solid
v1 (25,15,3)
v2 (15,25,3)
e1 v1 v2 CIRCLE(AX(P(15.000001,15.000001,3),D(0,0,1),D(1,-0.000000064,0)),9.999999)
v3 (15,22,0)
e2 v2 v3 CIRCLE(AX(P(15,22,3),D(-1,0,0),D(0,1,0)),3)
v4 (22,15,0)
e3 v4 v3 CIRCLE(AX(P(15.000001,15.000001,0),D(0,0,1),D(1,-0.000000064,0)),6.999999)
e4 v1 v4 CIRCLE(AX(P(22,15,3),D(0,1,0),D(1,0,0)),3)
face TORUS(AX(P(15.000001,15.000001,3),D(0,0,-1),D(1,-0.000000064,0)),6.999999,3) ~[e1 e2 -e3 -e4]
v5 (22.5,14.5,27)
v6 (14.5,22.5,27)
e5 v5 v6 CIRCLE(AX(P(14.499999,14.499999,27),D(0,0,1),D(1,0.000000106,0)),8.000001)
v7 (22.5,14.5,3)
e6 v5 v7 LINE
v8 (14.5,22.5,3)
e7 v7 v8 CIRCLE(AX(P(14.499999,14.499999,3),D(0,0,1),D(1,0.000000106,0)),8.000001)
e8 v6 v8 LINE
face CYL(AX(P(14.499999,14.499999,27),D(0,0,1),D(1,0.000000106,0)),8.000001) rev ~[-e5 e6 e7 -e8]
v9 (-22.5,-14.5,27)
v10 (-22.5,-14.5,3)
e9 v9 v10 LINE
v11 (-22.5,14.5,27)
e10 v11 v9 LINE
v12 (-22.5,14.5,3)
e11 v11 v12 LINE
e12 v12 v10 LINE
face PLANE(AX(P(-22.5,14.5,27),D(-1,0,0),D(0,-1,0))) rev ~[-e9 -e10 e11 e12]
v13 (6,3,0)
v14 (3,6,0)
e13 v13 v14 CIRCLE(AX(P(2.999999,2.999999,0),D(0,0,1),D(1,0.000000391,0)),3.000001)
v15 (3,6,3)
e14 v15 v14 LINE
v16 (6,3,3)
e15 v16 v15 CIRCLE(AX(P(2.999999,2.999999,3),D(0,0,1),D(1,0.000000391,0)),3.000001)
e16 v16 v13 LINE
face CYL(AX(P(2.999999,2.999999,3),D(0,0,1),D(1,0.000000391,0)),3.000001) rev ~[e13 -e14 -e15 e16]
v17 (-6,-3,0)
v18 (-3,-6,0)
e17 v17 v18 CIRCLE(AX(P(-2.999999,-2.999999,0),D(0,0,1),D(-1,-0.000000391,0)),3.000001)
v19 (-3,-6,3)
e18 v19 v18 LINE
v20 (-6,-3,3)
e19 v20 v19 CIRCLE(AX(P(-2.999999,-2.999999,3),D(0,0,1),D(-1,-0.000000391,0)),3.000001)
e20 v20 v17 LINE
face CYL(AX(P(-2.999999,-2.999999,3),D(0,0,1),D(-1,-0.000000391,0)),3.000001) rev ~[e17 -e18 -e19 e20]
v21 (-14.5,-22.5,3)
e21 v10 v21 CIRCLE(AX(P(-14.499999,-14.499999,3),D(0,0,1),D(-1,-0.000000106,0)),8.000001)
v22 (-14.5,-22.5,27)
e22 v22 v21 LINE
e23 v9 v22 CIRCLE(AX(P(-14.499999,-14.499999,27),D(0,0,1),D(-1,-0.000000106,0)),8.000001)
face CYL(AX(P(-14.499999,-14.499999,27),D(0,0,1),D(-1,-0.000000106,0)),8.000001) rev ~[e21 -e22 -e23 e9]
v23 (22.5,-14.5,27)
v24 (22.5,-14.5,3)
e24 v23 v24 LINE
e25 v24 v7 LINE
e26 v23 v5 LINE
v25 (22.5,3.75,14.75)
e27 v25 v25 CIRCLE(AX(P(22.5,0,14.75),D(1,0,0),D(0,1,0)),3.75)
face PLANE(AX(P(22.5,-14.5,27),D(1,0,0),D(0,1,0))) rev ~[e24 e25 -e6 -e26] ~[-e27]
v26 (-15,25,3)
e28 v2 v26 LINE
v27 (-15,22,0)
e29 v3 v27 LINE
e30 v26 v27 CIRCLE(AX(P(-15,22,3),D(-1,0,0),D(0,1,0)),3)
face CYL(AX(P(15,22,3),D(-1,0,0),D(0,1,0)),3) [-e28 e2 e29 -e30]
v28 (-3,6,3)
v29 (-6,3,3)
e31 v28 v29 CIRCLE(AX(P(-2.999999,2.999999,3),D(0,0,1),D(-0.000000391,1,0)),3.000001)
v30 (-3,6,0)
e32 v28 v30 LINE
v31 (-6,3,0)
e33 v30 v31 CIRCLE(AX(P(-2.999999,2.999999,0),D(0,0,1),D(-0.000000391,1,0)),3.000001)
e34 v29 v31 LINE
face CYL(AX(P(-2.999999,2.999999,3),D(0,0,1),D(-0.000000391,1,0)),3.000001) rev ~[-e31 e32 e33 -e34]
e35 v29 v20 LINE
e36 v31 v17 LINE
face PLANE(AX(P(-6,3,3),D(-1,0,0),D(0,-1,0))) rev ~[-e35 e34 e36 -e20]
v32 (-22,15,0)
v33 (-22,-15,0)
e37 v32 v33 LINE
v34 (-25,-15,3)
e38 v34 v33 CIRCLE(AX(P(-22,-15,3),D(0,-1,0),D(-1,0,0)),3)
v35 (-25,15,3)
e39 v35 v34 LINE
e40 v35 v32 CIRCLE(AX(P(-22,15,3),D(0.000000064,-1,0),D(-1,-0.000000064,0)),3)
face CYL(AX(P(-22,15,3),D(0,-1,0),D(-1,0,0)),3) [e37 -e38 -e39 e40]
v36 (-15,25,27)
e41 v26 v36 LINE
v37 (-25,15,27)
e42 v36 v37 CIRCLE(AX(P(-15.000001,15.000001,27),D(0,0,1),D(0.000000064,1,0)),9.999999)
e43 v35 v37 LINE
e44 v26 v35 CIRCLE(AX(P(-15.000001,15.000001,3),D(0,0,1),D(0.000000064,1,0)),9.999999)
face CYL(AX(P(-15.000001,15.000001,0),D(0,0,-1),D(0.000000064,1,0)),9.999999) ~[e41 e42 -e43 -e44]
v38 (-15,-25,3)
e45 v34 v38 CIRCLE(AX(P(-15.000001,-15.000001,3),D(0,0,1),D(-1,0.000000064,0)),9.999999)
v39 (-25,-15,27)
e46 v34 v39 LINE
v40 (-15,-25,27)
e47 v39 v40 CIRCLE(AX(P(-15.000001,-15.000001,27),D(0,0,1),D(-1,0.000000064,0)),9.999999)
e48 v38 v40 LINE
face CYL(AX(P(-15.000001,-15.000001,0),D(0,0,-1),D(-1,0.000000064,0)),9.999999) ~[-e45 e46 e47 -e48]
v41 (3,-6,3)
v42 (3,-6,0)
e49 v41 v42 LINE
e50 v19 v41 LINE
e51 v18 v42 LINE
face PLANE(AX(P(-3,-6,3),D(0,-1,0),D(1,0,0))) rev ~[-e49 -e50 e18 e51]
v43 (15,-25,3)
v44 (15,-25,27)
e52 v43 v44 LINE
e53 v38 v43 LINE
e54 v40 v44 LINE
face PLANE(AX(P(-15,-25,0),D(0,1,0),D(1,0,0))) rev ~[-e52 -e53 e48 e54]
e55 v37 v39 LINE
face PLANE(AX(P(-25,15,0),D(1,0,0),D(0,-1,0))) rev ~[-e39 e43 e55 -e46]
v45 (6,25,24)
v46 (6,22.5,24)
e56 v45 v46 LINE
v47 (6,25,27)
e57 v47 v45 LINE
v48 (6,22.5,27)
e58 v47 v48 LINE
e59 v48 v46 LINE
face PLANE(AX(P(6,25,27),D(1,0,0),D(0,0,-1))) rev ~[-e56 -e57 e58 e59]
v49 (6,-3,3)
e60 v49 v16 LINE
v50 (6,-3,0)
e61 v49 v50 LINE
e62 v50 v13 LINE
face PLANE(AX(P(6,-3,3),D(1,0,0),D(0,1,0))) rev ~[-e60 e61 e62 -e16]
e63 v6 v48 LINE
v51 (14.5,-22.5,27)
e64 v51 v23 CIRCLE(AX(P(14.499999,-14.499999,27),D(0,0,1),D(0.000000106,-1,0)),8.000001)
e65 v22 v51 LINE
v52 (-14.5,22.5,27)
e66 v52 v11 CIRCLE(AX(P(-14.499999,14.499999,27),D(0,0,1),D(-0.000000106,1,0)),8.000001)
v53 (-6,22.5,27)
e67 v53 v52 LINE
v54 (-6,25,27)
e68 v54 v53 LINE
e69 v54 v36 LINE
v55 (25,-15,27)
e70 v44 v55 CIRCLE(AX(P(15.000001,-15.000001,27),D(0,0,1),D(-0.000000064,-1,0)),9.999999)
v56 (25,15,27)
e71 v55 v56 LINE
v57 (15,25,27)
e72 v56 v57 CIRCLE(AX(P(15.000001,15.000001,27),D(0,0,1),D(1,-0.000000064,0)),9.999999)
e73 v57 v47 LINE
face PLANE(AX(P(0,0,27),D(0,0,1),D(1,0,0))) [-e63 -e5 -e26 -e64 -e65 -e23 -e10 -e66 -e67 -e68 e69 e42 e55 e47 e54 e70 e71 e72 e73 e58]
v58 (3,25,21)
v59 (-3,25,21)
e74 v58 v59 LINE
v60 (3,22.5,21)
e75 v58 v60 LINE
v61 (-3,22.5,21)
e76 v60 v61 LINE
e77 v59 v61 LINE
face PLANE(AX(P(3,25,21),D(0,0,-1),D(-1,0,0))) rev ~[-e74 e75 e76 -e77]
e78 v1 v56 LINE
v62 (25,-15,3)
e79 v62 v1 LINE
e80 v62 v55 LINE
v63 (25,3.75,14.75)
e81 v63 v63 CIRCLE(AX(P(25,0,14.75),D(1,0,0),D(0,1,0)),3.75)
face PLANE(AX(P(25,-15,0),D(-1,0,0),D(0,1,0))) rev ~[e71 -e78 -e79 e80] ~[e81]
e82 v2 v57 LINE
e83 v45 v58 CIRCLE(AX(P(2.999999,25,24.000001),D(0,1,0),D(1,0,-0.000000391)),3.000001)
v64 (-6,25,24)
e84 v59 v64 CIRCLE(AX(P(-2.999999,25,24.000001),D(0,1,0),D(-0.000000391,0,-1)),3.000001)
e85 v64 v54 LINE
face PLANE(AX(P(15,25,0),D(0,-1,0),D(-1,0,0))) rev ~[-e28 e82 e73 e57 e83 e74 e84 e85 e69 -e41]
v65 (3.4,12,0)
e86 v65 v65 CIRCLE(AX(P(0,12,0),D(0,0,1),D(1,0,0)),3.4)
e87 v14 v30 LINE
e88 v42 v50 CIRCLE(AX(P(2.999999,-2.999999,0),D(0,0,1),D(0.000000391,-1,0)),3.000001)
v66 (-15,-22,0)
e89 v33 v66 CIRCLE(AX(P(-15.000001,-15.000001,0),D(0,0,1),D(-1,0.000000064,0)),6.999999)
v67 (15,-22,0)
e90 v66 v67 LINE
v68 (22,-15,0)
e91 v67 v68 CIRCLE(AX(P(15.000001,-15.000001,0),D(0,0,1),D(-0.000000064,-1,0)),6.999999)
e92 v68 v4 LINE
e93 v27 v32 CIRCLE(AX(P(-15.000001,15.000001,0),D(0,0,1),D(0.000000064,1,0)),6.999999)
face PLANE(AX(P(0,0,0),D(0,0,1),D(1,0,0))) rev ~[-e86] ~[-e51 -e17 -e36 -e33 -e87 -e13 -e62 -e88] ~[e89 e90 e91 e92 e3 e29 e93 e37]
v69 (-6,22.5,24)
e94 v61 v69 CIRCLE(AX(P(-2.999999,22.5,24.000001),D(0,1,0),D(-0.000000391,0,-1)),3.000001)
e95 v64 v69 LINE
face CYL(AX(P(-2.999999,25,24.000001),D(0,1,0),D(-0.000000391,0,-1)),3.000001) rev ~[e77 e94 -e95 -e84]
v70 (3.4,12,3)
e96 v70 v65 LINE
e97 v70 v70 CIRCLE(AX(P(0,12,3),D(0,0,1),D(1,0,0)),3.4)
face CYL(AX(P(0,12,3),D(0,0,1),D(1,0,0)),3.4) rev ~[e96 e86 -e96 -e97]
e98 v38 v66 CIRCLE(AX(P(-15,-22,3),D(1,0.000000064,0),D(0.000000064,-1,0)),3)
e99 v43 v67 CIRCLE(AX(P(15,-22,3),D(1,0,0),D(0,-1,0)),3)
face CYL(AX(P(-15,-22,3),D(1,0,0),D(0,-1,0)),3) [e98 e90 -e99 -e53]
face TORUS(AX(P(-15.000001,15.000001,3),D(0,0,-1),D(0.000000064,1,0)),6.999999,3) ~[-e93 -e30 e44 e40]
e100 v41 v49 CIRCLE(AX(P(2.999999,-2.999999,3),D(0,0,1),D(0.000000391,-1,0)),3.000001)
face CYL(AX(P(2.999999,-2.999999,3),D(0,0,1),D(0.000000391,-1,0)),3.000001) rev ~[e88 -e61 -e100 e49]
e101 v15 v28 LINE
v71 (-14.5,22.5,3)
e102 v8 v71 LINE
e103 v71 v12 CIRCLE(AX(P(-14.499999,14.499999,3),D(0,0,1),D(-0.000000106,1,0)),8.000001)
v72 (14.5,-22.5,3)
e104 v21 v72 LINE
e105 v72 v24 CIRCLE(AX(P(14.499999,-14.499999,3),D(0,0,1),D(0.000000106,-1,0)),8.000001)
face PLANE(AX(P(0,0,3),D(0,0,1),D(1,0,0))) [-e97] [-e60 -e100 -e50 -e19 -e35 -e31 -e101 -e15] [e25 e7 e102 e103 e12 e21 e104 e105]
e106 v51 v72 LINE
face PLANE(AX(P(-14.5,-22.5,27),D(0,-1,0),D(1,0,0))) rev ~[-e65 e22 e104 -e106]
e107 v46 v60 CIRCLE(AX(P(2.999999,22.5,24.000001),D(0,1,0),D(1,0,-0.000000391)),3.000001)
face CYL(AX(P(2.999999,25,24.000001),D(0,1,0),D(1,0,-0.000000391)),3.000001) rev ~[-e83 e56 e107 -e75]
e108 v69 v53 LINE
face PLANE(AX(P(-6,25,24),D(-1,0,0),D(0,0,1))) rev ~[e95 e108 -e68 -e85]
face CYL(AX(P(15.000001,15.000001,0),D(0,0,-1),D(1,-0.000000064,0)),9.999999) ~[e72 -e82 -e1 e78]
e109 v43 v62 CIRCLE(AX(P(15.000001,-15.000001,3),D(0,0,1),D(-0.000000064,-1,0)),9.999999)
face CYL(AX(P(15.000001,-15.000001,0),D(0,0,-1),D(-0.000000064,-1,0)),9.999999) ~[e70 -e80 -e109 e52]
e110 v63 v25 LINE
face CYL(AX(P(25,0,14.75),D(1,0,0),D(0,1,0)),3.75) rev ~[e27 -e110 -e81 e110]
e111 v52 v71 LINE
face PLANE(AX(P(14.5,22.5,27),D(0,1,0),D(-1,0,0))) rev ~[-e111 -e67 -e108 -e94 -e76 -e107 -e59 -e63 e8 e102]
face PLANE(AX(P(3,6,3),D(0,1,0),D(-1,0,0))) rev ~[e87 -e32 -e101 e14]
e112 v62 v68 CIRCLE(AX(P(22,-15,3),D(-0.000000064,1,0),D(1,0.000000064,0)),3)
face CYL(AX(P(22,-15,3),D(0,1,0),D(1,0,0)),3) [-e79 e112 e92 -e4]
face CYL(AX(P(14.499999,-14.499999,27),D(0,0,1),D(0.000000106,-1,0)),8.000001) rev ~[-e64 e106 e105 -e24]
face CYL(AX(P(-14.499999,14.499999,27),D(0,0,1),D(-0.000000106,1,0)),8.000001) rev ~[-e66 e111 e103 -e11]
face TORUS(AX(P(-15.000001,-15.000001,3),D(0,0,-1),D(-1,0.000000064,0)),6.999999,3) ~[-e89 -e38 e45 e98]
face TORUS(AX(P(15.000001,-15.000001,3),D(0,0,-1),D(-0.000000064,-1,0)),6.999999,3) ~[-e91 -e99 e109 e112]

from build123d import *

# Parameters (mm, degrees)
F1_DEPTH  = 27
F3_DEPTH  = 24
F5_DEPTH  = 3
F4_R      = 3.4
F6_DEPTH  = 3
F8_DEPTH  = 3
F9_R      = 3
F10_R     = 3.75
F11_DEPTH = 3


with BuildPart() as f1:
    # F0 (on Top) → F1 (new body)
    with BuildSketch(Plane.XY):
        with BuildLine():
            ThreePointArc((25, 15), (22.071068, 22.071068), (15, 25))
            Line((15, 25), (-15, 25))
            ThreePointArc((-15, 25), (-22.071068, 22.071068), (-25, 15))
            Line((-25, 15), (-25, -15))
            ThreePointArc((-25, -15), (-22.071068, -22.071068), (-15, -25))
            Line((-15, -25), (15, -25))
            ThreePointArc((15, -25), (22.071068, -22.071068), (25, -15))
            Line((25, -15), (25, 15))
        make_face()
    extrude(amount=F1_DEPTH)

    # F2 (on face) → F3 (cut)
    with BuildSketch(Plane.XY.offset(27)):
        with BuildLine():
            ThreePointArc((22.5, 14.5), (20.156854, 20.156854), (14.5, 22.5))
            Line((14.5, 22.5), (-14.5, 22.5))
            ThreePointArc((-14.5, 22.5), (-20.156854, 20.156854), (-22.5, 14.5))
            Line((-22.5, 14.5), (-22.5, -14.5))
            ThreePointArc((-22.5, -14.5), (-20.156854, -20.156854), (-14.5, -22.5))
            Line((-14.5, -22.5), (14.5, -22.5))
            ThreePointArc((14.5, -22.5), (20.156854, -20.156854), (22.5, -14.5))
            Line((22.5, -14.5), (22.5, 14.5))
        make_face()
    extrude(amount=-F3_DEPTH, mode=Mode.SUBTRACT)

    # F4 (on face) → F5 (cut)
    with BuildSketch(Plane.XY.offset(3)):
        with BuildLine():
            ThreePointArc((6, 3), (5.12132, 5.12132), (3, 6))
            Line((3, 6), (-3, 6))
            ThreePointArc((-3, 6), (-5.12132, 5.12132), (-6, 3))
            Line((-6, 3), (-6, -3))
            ThreePointArc((-6, -3), (-5.12132, -5.12132), (-3, -6))
            Line((-3, -6), (3, -6))
            ThreePointArc((3, -6), (5.12132, -5.12132), (6, -3))
            Line((6, -3), (6, 3))
        make_face()
    extrude(amount=-F5_DEPTH, mode=Mode.SUBTRACT)

    # F4 (on face) → F6 (cut)
    with BuildSketch(Plane.XY.offset(3)):
        with BuildLine():
            ThreePointArc((6, 3), (5.12132, 5.12132), (3, 6))
            Line((3, 6), (-3, 6))
            ThreePointArc((-3, 6), (-5.12132, 5.12132), (-6, 3))
            Line((-6, 3), (-6, -3))
            ThreePointArc((-6, -3), (-5.12132, -5.12132), (-3, -6))
            Line((-3, -6), (3, -6))
            ThreePointArc((3, -6), (5.12132, -5.12132), (6, -3))
            Line((6, -3), (6, 3))
        make_face()
        with Locations((0, 12)):
            Circle(F4_R)
    extrude(amount=-F6_DEPTH, mode=Mode.SUBTRACT)

    # F7 (on face) → F8 (cut)
    with BuildSketch(Plane(origin=(0, 25, 0), x_dir=(-1, 0, 0), z_dir=(0, 1, 0))):
        with BuildLine():
            Line((-3, 21), (3, 21))
            ThreePointArc((3, 21), (5.12132, 21.87868), (6, 24))
            Line((6, 24), (6, 27))
            Line((6, 27), (-6, 27))
            Line((-6, 27), (-6, 24))
            ThreePointArc((-6, 24), (-5.12132, 21.87868), (-3, 21))
        make_face()
    extrude(amount=-F8_DEPTH, mode=Mode.SUBTRACT)

    # F9
    f9_edges = [f1.edges().sort_by_distance(p)[0] for p in [
        (0, 25, 0),
    ]]
    fillet(f9_edges, radius=F9_R)

    # F10 (on face) → F11 (cut)
    with BuildSketch(Plane.YZ.offset(25)):
        with Locations((0, 14.75)):
            Circle(F10_R)
    extrude(amount=-F11_DEPTH, mode=Mode.SUBTRACT)


solid = f1.part
